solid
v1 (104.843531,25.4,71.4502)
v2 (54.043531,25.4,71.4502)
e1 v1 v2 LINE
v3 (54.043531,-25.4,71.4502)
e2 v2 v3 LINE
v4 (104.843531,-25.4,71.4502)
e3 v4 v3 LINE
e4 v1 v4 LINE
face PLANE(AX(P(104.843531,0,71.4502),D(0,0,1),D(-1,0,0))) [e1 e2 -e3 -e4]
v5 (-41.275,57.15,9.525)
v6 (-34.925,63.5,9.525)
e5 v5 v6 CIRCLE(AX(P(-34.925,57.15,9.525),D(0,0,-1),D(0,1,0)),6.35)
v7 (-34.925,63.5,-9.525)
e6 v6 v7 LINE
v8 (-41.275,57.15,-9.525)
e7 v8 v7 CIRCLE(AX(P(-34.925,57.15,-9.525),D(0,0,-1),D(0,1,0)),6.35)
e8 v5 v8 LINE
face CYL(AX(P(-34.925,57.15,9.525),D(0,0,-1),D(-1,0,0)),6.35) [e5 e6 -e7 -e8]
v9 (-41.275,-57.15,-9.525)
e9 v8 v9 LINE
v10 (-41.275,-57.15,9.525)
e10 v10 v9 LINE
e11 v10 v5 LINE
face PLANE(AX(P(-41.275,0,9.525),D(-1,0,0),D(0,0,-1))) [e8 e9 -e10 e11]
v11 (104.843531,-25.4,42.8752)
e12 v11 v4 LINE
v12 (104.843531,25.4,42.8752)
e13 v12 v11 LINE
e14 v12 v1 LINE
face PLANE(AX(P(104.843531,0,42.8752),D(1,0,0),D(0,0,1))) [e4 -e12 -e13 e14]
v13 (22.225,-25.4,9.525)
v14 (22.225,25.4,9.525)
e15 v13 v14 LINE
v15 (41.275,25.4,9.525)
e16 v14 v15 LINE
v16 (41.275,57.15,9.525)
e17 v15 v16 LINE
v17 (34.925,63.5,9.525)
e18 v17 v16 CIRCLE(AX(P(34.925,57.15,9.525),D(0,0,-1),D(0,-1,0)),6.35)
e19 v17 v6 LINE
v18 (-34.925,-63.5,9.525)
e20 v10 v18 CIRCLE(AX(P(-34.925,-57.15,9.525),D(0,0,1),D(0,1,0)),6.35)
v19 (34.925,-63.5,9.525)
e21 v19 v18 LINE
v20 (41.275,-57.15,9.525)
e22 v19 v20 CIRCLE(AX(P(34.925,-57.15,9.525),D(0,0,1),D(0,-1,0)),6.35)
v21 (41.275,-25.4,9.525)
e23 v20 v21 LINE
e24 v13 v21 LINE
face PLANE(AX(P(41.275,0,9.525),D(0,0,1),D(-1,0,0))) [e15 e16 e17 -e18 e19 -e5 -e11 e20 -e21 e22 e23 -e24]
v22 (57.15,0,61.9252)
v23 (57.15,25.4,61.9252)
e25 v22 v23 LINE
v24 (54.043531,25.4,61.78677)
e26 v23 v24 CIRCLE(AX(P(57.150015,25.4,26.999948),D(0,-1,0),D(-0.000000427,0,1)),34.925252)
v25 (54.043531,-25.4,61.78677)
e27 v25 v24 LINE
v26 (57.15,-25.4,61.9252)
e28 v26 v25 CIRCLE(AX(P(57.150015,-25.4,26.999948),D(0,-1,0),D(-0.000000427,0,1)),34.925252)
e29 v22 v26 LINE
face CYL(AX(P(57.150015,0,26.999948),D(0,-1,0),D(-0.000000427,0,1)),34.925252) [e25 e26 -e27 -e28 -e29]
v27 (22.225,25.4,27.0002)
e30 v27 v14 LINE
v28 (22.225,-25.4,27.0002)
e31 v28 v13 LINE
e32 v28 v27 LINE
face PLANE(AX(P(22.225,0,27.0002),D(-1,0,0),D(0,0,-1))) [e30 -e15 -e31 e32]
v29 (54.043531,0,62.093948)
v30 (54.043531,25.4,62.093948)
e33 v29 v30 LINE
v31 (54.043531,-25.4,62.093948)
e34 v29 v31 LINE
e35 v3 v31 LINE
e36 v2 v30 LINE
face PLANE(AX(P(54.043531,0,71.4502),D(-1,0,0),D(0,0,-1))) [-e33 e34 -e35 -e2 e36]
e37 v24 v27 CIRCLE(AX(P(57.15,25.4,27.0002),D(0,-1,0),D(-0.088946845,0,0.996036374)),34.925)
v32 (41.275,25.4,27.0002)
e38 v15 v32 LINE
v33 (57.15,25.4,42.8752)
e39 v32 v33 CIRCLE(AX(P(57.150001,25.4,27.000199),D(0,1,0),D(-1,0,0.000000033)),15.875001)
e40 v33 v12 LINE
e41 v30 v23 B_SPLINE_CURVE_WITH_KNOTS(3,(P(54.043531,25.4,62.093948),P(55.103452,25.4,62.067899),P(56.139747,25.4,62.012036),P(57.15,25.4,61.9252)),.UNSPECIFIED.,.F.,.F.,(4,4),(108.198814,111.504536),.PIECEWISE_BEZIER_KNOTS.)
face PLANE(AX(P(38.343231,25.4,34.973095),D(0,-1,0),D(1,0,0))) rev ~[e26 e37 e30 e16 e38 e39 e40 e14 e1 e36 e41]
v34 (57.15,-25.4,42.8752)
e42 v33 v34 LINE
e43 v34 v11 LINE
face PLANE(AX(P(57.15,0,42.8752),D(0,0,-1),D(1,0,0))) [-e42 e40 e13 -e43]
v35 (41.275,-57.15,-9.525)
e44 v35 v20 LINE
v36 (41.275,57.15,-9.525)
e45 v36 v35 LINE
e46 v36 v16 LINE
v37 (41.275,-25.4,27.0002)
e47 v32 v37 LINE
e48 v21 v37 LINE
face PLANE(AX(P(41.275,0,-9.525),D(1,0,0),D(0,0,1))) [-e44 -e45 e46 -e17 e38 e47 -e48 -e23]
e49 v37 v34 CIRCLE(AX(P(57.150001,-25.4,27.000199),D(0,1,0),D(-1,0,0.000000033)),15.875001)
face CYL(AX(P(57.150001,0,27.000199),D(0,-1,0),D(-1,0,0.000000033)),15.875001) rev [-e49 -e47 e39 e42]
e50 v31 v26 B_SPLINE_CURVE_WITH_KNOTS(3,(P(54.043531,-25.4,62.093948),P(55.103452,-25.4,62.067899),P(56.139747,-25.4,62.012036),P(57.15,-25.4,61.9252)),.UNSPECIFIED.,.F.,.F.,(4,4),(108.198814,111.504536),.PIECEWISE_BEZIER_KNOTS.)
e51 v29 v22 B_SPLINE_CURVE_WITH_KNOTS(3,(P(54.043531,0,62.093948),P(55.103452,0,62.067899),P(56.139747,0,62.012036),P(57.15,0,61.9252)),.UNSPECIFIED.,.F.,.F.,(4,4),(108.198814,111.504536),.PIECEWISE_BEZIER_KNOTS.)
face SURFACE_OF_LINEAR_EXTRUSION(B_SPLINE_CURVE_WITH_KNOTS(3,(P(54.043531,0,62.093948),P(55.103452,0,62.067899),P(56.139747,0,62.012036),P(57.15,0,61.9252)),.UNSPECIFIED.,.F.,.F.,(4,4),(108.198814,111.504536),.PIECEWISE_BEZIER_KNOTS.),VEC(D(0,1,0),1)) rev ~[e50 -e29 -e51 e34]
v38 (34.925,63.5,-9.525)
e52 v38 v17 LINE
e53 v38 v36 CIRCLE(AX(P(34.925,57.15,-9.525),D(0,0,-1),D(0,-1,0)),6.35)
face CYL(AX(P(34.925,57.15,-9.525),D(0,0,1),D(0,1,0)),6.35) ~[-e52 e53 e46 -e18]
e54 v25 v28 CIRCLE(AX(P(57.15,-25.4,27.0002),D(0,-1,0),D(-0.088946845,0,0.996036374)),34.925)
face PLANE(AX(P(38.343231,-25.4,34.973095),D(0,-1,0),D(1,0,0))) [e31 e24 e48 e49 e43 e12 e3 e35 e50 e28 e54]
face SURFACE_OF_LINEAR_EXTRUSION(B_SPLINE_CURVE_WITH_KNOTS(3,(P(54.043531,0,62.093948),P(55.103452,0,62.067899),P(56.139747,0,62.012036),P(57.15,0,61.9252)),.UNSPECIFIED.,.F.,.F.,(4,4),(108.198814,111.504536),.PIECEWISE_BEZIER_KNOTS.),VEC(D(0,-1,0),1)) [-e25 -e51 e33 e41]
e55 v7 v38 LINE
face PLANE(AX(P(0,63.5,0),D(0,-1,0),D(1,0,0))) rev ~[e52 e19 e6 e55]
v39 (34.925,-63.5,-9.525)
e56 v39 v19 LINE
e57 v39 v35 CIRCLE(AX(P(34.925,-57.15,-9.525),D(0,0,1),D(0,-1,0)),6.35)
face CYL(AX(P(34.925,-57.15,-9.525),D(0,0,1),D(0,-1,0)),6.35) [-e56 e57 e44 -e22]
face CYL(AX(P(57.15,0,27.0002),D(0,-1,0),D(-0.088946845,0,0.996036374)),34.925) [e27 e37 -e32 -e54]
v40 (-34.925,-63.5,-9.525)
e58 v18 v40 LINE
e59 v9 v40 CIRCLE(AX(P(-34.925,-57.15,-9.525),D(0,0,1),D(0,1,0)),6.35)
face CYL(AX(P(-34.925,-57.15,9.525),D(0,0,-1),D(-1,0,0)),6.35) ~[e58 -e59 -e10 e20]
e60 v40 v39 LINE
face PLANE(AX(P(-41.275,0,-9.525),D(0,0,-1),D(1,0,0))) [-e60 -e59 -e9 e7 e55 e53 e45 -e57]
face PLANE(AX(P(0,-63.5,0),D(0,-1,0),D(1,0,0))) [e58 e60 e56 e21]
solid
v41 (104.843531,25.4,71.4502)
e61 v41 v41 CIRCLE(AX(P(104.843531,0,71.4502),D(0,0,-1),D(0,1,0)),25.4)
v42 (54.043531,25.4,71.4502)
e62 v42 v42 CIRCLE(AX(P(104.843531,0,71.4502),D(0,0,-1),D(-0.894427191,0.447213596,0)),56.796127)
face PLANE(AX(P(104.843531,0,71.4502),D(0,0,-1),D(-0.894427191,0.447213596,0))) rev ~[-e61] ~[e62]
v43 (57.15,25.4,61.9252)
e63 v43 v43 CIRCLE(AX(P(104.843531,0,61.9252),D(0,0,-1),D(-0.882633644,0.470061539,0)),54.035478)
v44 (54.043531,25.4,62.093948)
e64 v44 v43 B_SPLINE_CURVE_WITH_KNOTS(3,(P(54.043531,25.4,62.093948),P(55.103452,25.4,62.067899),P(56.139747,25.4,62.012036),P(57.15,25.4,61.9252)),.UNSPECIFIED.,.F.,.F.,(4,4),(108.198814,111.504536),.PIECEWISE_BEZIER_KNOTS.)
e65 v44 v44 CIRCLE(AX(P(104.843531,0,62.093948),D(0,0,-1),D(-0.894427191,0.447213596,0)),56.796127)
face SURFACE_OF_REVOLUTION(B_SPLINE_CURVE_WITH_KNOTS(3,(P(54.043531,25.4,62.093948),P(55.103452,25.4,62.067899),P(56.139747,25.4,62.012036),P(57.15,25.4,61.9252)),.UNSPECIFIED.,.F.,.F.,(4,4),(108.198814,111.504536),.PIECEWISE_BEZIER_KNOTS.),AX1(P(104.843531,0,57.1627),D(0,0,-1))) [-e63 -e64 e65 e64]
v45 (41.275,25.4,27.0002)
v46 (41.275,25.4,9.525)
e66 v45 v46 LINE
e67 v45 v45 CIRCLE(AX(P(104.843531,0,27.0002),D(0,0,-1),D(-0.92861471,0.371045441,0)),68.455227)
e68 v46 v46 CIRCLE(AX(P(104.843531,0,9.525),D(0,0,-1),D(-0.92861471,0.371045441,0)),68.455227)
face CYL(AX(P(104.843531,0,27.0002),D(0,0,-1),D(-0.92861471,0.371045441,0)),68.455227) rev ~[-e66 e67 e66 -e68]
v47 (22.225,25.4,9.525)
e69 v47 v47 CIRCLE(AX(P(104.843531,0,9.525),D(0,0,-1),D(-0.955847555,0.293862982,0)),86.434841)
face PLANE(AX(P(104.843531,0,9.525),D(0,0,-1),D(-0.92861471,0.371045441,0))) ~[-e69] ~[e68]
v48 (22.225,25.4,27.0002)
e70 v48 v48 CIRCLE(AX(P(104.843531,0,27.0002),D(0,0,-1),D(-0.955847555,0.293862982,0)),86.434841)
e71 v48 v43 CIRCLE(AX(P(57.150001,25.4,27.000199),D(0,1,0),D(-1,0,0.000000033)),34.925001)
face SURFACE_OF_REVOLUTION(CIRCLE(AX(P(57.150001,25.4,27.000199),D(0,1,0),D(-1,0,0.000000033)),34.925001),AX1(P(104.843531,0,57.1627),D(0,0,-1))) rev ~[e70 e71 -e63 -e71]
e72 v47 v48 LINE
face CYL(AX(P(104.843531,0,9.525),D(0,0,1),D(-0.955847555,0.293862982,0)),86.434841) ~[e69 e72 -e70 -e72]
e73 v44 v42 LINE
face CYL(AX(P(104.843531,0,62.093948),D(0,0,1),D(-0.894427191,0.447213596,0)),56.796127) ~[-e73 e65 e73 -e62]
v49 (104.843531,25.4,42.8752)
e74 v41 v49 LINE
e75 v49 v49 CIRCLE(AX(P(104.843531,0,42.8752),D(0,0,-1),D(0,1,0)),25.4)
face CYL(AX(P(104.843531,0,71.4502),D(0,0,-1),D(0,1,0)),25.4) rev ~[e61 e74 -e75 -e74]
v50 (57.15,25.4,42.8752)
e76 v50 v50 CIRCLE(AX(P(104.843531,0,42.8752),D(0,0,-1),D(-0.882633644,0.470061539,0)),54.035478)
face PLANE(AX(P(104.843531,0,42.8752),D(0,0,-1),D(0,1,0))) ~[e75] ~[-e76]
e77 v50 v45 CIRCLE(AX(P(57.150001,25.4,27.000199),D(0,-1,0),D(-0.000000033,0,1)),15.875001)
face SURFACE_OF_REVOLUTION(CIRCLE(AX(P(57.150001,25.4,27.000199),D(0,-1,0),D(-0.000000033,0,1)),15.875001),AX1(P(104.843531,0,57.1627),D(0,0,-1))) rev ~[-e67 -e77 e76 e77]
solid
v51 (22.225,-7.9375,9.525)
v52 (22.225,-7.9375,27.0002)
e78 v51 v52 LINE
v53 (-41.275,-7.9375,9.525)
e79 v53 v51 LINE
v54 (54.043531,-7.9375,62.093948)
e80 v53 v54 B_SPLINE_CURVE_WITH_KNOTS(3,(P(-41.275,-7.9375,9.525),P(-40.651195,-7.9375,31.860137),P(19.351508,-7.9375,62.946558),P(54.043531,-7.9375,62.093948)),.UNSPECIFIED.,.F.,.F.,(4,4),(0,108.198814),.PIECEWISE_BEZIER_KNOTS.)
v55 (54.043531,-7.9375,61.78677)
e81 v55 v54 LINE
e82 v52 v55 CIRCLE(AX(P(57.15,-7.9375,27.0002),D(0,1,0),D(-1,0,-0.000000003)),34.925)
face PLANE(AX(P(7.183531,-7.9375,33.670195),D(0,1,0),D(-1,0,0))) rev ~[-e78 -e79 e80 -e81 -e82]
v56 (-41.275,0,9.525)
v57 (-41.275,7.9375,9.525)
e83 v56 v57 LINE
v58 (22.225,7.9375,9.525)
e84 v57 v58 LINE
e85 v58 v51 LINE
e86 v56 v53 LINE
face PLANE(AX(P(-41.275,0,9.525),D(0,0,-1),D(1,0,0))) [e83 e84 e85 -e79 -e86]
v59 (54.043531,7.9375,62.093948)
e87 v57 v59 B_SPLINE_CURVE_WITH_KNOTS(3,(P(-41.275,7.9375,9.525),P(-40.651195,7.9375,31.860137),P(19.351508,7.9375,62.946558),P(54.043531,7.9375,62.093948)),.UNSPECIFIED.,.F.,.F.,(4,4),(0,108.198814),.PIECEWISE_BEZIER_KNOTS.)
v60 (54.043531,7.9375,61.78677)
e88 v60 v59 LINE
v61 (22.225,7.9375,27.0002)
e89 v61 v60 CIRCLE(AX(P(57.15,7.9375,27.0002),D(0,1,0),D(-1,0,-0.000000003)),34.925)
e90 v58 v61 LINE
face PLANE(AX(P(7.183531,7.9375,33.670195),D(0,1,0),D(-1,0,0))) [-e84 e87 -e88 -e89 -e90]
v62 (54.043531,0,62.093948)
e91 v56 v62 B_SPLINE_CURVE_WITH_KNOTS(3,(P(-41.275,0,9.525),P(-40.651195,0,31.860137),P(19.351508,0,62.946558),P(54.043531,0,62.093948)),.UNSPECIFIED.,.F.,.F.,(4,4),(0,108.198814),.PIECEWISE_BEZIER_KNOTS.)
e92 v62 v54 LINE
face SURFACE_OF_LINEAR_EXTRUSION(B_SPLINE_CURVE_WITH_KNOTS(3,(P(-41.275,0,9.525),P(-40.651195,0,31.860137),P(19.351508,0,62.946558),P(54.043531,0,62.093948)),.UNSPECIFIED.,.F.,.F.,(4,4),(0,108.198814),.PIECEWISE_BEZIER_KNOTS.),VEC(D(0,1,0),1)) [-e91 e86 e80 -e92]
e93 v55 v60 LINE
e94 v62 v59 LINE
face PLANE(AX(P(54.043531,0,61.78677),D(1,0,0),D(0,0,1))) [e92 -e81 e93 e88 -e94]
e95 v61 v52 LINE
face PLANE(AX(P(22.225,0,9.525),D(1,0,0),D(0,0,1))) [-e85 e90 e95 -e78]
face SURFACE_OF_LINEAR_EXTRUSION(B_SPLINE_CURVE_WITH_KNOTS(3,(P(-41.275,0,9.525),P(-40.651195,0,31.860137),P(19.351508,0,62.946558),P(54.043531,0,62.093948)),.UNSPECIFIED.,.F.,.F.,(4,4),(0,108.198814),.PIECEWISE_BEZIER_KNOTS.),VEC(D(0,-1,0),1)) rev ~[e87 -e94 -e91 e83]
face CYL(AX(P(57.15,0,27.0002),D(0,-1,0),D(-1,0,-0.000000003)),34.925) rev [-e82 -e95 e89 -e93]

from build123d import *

# Parameters (mm, degrees)
F1_DEPTH = 63.5
F2_DEPTH = 25.4
F3_DEPTH = 7.9375
F5_R     = 6.35


with BuildPart() as f1:
    # F0 (on Front) → F1 (new body, symmetric)
    with BuildSketch(Plane.XZ):
        Polygon((-41.275, 9.525), (-41.275, -9.525), (41.275, -9.525), (41.275, 9.525), (22.225, 9.525), align=None)
    extrude(amount=F1_DEPTH, both=True)

    # F0 (on Front) → F2 (join, symmetric)
    with BuildSketch(Plane.XZ):
        with BuildLine():
            Line((22.225, 9.525), (41.275, 9.525))
            Line((41.275, 9.525), (41.275, 27.0002))
            ThreePointArc((41.275, 27.0002), (45.92468, 38.22552), (57.15, 42.8752))
            Line((57.15, 42.8752), (54.043531, 42.8752))
            Line((54.043531, 42.8752), (54.043531, 61.78677))
            ThreePointArc((54.043531, 61.78677), (31.379386, 50.572028), (22.225, 27.0002))
            Line((22.225, 27.0002), (22.225, 9.525))
        make_face()
        with BuildLine():
            Line((54.043531, 71.4502), (54.043531, 62.093948))
            add(Edge.make_bspline(
                [(54.043531, 62.093948), (55.103452, 62.067899), (56.139747, 62.012036), (57.15, 61.9252)],
                knots=[108.198814, 108.198814, 108.198814, 108.198814, 111.504536, 111.504536, 111.504536, 111.504536], degree=3))
            ThreePointArc((57.15, 61.9252), (55.595224, 61.890575), (54.043531, 61.78677))
            Line((54.043531, 61.78677), (54.043531, 42.8752))
            Line((54.043531, 42.8752), (57.15, 42.8752))
            Line((57.15, 42.8752), (78.274319, 42.8752))
            Line((78.274319, 42.8752), (104.843531, 42.8752))
            Line((104.843531, 42.8752), (104.843531, 71.4502))
            Line((104.843531, 71.4502), (54.043531, 71.4502))
        make_face()
    extrude(amount=F2_DEPTH, both=True)

    # F5
    f5_edges = [f1.edges().sort_by_distance(p)[0] for p in [
        (41.275, -63.5, 0),
        (-41.275, -63.5, 0),
        (41.275, 63.5, 0),
        (-41.275, 63.5, 0),
    ]]
    fillet(f5_edges, radius=F5_R)


with BuildPart() as f3:
    # F0 (on Front) → F3 (new body, symmetric)
    with BuildSketch(Plane.XZ):
        with BuildLine():
            add(Edge.make_bspline(
                [(-41.275, 9.525), (-40.651195, 31.860137), (19.351508, 62.946558), (54.043531, 62.093948)],
                knots=[0, 0, 0, 0, 108.198814, 108.198814, 108.198814, 108.198814], degree=3))
            Line((-41.275, 9.525), (22.225, 9.525))
            Line((22.225, 9.525), (22.225, 27.0002))
            ThreePointArc((22.225, 27.0002), (31.379386, 50.572028), (54.043531, 61.78677))
            Line((54.043531, 61.78677), (54.043531, 62.093948))
        make_face()
    extrude(amount=F3_DEPTH, both=True)


with BuildPart() as f4:
    # F2_face (on face) → F4 (revolve)
    with BuildSketch(Plane(origin=(61.629494, 25.4, 48.016712), x_dir=(1, 0, 0), z_dir=(0, 1, 0))):
        with BuildLine():
            Line((-39.404494, 38.491712), (-39.404494, 21.016512))
            ThreePointArc((-39.404494, 21.016512), (-29.175198, -3.679192), (-4.479494, -13.908488))
            add(Edge.make_bspline(
                [(-7.585963, -14.077236), (-6.526042, -14.051187), (-5.489747, -13.995324), (-4.479494, -13.908488)],
                knots=[108.198814, 108.198814, 108.198814, 108.198814, 111.504536, 111.504536, 111.504536, 111.504536], degree=3))
            Line((-7.585963, -14.077236), (-7.585963, -23.433488))
            Line((-7.585963, -23.433488), (43.214037, -23.433488))
            Line((43.214037, -23.433488), (43.214037, 5.141512))
            Line((43.214037, 5.141512), (-4.479494, 5.141512))
            ThreePointArc((-4.479494, 5.141512), (-15.704814, 9.791192), (-20.354494, 21.016512))
            Line((-20.354494, 21.016512), (-20.354494, 38.491712))
            Line((-20.354494, 38.491712), (-39.404494, 38.491712))
        make_face()
    revolve(axis=Axis((104.843531, 0, 57.1627), (0, 0, -1)))


solid = Compound([f1.part, f3.part, f4.part])
